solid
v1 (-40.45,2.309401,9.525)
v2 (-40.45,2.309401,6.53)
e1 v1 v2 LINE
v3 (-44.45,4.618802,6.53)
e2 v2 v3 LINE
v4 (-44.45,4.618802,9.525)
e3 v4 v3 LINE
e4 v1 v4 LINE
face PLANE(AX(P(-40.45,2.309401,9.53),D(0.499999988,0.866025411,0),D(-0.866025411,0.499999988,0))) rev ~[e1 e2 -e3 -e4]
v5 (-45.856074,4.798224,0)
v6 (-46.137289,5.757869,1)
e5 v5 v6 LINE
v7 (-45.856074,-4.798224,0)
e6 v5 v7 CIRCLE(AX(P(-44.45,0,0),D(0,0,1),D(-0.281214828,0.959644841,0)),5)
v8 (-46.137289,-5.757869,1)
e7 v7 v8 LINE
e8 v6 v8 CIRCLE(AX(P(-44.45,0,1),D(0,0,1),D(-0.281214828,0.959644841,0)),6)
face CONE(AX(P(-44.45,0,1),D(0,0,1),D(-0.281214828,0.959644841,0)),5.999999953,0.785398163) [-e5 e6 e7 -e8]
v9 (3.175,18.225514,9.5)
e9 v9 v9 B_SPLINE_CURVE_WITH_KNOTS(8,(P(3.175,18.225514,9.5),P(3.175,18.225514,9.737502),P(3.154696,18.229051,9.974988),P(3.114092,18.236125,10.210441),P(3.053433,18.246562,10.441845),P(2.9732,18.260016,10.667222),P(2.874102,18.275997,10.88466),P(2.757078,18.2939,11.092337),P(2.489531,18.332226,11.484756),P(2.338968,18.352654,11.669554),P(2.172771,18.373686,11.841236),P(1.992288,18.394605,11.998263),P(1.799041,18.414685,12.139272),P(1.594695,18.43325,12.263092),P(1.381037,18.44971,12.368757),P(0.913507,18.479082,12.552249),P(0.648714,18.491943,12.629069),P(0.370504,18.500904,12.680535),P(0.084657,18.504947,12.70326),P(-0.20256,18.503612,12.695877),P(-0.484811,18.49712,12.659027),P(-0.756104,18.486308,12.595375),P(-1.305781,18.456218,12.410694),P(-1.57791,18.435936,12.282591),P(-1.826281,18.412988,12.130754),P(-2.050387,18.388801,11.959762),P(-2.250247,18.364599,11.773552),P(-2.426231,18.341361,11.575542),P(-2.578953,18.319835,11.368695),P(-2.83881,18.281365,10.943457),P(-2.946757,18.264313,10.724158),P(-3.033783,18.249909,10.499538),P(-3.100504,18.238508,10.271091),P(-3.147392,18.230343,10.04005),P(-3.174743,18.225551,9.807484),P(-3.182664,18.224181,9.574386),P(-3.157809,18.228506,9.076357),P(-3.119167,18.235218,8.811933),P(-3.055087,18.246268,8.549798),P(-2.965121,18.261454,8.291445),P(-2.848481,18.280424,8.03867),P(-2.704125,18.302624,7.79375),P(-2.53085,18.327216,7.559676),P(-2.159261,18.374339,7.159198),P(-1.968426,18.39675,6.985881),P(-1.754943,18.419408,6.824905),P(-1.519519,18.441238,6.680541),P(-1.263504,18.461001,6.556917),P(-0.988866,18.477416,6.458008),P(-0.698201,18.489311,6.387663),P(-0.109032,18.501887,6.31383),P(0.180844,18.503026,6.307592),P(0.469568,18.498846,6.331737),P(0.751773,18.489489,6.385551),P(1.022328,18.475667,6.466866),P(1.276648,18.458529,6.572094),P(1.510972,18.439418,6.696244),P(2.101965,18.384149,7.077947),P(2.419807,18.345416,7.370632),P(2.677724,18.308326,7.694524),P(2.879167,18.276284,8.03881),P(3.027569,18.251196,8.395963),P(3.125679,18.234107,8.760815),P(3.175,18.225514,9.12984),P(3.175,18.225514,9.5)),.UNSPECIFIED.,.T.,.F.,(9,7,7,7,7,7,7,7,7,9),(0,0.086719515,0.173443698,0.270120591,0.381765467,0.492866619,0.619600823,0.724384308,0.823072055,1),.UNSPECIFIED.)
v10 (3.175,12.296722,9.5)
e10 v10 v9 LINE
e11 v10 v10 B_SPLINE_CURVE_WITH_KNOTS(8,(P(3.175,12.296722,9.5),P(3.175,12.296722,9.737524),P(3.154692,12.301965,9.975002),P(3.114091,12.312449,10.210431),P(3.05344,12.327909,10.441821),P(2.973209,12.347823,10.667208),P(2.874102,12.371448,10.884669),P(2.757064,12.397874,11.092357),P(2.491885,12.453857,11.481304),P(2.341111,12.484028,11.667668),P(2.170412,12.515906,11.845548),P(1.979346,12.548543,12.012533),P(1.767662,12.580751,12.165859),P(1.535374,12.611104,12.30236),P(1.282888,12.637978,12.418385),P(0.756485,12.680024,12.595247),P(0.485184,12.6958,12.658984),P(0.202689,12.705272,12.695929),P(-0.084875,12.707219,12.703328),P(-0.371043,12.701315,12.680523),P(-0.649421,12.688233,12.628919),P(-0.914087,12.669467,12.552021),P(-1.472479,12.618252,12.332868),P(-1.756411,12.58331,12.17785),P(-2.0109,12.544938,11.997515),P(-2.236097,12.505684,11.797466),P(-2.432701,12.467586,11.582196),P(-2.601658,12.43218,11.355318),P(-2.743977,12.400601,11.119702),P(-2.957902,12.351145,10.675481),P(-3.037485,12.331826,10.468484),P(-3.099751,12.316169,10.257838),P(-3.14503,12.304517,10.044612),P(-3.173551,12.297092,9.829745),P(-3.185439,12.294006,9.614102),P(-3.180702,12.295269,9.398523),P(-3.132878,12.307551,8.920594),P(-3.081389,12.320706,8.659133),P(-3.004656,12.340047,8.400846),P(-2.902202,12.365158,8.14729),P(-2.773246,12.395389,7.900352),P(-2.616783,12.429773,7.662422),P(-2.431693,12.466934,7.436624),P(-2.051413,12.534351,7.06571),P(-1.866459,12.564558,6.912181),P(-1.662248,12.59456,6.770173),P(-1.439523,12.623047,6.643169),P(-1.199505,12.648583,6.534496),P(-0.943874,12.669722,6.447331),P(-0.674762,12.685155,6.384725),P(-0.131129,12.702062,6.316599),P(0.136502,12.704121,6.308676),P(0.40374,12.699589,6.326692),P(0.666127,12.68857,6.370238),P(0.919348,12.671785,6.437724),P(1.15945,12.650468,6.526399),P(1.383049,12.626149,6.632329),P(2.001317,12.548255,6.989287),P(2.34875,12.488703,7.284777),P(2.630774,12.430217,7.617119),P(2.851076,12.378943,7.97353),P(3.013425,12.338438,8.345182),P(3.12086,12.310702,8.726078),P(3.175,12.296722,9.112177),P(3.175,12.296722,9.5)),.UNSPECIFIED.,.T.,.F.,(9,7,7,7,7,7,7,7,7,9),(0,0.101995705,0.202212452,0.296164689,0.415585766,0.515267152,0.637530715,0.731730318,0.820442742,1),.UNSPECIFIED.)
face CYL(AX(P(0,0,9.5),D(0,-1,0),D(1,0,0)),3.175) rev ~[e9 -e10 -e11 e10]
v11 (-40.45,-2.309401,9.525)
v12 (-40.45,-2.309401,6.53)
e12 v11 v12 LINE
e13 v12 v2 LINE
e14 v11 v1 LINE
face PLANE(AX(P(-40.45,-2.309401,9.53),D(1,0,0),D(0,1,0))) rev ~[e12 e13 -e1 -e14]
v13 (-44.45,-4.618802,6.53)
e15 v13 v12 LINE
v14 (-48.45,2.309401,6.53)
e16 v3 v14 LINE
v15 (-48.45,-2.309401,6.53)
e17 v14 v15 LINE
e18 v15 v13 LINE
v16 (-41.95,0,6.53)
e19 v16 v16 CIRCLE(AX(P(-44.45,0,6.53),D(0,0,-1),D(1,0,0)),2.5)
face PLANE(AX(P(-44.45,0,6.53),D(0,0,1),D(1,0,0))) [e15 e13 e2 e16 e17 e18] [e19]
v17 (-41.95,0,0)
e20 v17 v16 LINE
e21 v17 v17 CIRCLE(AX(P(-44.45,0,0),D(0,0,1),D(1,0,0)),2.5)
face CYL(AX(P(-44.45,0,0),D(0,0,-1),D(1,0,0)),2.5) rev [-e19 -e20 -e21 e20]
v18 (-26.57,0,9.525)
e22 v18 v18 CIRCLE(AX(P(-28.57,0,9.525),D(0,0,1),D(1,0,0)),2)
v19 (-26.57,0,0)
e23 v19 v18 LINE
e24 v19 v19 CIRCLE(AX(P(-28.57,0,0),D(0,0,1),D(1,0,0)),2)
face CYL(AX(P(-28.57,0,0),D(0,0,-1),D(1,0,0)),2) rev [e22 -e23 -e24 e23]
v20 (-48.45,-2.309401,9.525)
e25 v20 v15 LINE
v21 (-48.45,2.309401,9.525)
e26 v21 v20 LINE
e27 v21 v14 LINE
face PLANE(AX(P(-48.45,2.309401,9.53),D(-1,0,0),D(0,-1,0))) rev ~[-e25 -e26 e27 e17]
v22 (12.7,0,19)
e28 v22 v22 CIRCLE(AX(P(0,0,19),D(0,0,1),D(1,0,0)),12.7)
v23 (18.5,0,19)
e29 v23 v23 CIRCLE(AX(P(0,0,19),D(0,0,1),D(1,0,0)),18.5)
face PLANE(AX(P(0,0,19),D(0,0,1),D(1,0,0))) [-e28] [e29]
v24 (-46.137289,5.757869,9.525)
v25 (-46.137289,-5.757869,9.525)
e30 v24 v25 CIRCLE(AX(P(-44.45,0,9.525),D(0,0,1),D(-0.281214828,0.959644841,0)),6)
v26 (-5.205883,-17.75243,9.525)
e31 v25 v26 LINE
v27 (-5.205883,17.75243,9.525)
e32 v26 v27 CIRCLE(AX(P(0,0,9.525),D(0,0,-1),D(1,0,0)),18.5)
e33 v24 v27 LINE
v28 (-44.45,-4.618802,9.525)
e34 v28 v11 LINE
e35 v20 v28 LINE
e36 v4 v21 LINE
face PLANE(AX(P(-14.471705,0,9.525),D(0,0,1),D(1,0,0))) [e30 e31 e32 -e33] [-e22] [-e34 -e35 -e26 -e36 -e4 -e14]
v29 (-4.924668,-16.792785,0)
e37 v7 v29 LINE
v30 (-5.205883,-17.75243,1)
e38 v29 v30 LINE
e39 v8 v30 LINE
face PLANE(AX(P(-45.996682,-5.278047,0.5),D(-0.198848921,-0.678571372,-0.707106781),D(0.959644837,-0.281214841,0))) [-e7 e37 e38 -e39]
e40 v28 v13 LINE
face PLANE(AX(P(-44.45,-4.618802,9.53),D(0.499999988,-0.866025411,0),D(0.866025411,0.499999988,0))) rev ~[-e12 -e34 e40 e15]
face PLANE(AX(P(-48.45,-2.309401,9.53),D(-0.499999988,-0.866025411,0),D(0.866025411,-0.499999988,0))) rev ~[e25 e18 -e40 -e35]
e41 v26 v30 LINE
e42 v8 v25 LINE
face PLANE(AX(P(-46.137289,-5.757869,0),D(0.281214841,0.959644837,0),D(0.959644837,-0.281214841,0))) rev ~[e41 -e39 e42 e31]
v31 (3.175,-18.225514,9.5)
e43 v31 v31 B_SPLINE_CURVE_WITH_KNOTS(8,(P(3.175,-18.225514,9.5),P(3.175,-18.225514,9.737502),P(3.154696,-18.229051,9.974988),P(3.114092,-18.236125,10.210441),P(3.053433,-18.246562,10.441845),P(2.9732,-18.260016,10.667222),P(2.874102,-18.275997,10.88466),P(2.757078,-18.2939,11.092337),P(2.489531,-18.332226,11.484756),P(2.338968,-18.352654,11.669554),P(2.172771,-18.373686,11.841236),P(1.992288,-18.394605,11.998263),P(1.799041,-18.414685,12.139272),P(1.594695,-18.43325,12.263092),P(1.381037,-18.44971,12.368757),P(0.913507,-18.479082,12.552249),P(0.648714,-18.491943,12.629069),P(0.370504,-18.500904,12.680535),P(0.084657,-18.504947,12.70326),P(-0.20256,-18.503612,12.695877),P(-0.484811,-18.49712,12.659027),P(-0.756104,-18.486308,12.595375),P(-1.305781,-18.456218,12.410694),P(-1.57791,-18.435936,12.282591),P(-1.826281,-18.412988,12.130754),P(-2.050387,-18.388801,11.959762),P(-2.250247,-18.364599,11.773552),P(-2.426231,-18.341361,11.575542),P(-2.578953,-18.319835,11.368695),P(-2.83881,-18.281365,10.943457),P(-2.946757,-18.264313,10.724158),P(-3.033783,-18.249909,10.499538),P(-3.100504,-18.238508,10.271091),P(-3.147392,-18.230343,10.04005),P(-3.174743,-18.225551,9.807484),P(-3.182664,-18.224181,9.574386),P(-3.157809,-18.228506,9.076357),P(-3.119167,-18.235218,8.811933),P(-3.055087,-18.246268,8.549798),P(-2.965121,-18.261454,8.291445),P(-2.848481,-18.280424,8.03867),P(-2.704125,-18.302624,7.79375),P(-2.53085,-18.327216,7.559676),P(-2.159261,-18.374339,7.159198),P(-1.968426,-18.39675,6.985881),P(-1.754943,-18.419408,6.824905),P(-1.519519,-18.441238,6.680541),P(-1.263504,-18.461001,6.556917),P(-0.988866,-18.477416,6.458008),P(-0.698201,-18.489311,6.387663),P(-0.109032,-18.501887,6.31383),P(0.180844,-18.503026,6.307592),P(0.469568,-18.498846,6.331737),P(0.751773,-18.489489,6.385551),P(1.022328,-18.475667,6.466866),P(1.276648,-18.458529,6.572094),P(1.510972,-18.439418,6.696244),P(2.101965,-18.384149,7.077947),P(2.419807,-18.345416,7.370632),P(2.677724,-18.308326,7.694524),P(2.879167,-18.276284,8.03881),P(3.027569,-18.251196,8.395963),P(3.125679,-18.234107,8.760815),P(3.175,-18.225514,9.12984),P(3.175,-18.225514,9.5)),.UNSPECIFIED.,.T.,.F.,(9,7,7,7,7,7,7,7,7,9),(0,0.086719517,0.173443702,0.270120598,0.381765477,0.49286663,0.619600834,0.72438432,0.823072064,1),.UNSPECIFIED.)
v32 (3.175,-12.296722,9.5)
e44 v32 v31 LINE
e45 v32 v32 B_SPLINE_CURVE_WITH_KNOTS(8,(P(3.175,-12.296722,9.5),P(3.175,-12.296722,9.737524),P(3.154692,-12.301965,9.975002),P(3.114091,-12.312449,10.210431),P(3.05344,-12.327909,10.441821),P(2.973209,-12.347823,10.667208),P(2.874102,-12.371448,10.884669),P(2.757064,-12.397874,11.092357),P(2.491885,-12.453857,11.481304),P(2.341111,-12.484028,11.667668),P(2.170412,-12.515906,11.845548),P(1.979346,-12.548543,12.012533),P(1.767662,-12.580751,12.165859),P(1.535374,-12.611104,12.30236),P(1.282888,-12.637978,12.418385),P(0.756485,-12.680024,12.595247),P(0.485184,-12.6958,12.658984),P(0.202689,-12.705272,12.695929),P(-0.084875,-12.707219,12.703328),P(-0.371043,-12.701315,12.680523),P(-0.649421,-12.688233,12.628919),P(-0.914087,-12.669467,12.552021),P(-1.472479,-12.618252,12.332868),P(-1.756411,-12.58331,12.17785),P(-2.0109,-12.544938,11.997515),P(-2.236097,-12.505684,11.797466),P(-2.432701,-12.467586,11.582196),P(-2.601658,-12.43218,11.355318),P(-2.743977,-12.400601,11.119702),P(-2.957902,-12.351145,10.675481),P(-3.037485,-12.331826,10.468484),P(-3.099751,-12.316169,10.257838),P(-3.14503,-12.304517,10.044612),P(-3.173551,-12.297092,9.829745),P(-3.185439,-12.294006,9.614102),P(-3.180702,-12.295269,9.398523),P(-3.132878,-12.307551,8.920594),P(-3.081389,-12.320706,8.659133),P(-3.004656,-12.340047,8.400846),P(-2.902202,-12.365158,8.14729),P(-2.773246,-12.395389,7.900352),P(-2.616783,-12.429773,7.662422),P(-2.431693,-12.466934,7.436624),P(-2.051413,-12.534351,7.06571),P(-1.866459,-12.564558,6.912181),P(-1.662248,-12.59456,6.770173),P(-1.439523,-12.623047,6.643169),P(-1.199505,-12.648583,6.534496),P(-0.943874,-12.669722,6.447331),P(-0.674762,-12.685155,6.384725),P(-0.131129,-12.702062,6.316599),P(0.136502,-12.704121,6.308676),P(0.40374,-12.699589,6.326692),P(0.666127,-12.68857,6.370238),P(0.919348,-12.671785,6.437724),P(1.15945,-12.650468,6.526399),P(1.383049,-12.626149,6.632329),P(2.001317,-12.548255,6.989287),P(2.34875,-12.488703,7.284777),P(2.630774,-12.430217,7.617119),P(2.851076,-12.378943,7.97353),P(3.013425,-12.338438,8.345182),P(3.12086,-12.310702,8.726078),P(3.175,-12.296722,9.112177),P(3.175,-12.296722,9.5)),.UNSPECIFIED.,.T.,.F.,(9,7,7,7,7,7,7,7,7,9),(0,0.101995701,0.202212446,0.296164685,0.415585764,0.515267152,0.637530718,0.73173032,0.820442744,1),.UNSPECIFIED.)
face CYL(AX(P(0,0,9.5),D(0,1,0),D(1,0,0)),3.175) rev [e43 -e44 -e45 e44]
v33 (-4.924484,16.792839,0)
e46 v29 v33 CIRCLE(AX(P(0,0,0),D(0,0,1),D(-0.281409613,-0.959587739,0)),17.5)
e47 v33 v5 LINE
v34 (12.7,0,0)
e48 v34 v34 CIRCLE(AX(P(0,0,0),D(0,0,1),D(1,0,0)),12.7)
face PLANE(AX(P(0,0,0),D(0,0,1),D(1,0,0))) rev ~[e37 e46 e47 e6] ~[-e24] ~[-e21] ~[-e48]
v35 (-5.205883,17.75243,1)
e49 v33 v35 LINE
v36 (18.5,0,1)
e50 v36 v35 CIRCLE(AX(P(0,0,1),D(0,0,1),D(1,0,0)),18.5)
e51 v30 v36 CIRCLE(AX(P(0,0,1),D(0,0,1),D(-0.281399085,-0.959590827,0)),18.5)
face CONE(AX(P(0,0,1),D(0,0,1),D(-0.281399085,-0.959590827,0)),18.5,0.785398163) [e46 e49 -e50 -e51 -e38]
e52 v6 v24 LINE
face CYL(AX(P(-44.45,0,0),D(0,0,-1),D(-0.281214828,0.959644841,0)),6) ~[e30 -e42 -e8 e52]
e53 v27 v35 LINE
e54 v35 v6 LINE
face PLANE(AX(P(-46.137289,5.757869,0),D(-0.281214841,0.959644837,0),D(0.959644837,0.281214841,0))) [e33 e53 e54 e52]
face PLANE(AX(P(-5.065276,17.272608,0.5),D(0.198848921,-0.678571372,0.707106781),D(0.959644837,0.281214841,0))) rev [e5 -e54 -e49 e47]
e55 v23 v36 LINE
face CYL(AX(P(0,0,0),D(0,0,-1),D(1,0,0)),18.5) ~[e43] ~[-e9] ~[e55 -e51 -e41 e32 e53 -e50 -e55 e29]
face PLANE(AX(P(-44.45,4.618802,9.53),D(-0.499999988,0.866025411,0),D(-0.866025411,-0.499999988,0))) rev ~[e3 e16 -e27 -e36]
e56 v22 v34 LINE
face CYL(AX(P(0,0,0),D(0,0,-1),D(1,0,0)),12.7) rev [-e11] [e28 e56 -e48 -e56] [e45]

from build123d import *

# Parameters (mm, degrees)
SKETCH_R          = 12.7
SKETCH_R_2        = 2.5
SKETCH_R_3        = 2
PAD_DEPTH         = 9.525
SKETCH001_R       = 18.5
SKETCH001_R_2     = 12.7
PAD001_DEPTH      = 19
SKETCH002_R       = 3.175
POCKET_DEPTH      = 18.501
POCKET_DEPTH_BACK = -18.501
POCKET001_DEPTH   = 3
CHAMFER_SIZE      = 1


with BuildPart() as part:
    # Sketch (on XY_Plane of Origin) → Pad (new body)
    with BuildSketch(Plane.XY):
        with BuildLine():
            ThreePointArc((-46.137289, 5.757869), (-50.45, 0), (-46.137289, -5.757869))
            Line((-46.137289, -5.757869), (-5.202475, -17.753429))
            ThreePointArc((-5.202475, -17.753429), (18.5, 0), (-5.202475, 17.753429))
            Line((-46.137289, 5.757869), (-5.202475, 17.753429))
        make_face()
        Circle(SKETCH_R, mode=Mode.SUBTRACT)
        with Locations((-44.45, 0)):
            Circle(SKETCH_R_2, mode=Mode.SUBTRACT)
        with Locations((-28.57, 0)):
            Circle(SKETCH_R_3, mode=Mode.SUBTRACT)
    extrude(amount=PAD_DEPTH)

    # Sketch001 (on XY_Plane of Origin) → Pad001 (join)
    with BuildSketch(Plane.XY):
        Circle(SKETCH001_R)
        Circle(SKETCH001_R_2, mode=Mode.SUBTRACT)
    extrude(amount=PAD001_DEPTH)

    # Sketch002 (on XZ_Plane of Origin) → Pocket (cut, two sides)
    with BuildSketch(Plane.XZ) as pocket_sk:
        with Locations((0, 9.5)):
            Circle(SKETCH002_R)
    extrude(amount=-POCKET_DEPTH, mode=Mode.SUBTRACT)
    extrude(pocket_sk.sketch, amount=-POCKET_DEPTH_BACK, mode=Mode.SUBTRACT)

    # Sketch003 (on XY_Plane of Origin) → Pocket001 (cut)
    with BuildSketch(Plane.XY.offset(9.53)):
        Polygon((-44.45, 4.618802), (-48.45, 2.309401), (-48.45, -2.309401), (-44.45, -4.618802), (-40.45, -2.309401), (-40.45, 2.309401), align=None)
    extrude(amount=-POCKET001_DEPTH, mode=Mode.SUBTRACT)

    # Chamfer
    chamfer_edges = [part.edges().sort_by_distance(p)[0] for p in [
        (-25.669882, -11.755649, 0),
    ]]
    chamfer(chamfer_edges, length=CHAMFER_SIZE)


solid = part.part
